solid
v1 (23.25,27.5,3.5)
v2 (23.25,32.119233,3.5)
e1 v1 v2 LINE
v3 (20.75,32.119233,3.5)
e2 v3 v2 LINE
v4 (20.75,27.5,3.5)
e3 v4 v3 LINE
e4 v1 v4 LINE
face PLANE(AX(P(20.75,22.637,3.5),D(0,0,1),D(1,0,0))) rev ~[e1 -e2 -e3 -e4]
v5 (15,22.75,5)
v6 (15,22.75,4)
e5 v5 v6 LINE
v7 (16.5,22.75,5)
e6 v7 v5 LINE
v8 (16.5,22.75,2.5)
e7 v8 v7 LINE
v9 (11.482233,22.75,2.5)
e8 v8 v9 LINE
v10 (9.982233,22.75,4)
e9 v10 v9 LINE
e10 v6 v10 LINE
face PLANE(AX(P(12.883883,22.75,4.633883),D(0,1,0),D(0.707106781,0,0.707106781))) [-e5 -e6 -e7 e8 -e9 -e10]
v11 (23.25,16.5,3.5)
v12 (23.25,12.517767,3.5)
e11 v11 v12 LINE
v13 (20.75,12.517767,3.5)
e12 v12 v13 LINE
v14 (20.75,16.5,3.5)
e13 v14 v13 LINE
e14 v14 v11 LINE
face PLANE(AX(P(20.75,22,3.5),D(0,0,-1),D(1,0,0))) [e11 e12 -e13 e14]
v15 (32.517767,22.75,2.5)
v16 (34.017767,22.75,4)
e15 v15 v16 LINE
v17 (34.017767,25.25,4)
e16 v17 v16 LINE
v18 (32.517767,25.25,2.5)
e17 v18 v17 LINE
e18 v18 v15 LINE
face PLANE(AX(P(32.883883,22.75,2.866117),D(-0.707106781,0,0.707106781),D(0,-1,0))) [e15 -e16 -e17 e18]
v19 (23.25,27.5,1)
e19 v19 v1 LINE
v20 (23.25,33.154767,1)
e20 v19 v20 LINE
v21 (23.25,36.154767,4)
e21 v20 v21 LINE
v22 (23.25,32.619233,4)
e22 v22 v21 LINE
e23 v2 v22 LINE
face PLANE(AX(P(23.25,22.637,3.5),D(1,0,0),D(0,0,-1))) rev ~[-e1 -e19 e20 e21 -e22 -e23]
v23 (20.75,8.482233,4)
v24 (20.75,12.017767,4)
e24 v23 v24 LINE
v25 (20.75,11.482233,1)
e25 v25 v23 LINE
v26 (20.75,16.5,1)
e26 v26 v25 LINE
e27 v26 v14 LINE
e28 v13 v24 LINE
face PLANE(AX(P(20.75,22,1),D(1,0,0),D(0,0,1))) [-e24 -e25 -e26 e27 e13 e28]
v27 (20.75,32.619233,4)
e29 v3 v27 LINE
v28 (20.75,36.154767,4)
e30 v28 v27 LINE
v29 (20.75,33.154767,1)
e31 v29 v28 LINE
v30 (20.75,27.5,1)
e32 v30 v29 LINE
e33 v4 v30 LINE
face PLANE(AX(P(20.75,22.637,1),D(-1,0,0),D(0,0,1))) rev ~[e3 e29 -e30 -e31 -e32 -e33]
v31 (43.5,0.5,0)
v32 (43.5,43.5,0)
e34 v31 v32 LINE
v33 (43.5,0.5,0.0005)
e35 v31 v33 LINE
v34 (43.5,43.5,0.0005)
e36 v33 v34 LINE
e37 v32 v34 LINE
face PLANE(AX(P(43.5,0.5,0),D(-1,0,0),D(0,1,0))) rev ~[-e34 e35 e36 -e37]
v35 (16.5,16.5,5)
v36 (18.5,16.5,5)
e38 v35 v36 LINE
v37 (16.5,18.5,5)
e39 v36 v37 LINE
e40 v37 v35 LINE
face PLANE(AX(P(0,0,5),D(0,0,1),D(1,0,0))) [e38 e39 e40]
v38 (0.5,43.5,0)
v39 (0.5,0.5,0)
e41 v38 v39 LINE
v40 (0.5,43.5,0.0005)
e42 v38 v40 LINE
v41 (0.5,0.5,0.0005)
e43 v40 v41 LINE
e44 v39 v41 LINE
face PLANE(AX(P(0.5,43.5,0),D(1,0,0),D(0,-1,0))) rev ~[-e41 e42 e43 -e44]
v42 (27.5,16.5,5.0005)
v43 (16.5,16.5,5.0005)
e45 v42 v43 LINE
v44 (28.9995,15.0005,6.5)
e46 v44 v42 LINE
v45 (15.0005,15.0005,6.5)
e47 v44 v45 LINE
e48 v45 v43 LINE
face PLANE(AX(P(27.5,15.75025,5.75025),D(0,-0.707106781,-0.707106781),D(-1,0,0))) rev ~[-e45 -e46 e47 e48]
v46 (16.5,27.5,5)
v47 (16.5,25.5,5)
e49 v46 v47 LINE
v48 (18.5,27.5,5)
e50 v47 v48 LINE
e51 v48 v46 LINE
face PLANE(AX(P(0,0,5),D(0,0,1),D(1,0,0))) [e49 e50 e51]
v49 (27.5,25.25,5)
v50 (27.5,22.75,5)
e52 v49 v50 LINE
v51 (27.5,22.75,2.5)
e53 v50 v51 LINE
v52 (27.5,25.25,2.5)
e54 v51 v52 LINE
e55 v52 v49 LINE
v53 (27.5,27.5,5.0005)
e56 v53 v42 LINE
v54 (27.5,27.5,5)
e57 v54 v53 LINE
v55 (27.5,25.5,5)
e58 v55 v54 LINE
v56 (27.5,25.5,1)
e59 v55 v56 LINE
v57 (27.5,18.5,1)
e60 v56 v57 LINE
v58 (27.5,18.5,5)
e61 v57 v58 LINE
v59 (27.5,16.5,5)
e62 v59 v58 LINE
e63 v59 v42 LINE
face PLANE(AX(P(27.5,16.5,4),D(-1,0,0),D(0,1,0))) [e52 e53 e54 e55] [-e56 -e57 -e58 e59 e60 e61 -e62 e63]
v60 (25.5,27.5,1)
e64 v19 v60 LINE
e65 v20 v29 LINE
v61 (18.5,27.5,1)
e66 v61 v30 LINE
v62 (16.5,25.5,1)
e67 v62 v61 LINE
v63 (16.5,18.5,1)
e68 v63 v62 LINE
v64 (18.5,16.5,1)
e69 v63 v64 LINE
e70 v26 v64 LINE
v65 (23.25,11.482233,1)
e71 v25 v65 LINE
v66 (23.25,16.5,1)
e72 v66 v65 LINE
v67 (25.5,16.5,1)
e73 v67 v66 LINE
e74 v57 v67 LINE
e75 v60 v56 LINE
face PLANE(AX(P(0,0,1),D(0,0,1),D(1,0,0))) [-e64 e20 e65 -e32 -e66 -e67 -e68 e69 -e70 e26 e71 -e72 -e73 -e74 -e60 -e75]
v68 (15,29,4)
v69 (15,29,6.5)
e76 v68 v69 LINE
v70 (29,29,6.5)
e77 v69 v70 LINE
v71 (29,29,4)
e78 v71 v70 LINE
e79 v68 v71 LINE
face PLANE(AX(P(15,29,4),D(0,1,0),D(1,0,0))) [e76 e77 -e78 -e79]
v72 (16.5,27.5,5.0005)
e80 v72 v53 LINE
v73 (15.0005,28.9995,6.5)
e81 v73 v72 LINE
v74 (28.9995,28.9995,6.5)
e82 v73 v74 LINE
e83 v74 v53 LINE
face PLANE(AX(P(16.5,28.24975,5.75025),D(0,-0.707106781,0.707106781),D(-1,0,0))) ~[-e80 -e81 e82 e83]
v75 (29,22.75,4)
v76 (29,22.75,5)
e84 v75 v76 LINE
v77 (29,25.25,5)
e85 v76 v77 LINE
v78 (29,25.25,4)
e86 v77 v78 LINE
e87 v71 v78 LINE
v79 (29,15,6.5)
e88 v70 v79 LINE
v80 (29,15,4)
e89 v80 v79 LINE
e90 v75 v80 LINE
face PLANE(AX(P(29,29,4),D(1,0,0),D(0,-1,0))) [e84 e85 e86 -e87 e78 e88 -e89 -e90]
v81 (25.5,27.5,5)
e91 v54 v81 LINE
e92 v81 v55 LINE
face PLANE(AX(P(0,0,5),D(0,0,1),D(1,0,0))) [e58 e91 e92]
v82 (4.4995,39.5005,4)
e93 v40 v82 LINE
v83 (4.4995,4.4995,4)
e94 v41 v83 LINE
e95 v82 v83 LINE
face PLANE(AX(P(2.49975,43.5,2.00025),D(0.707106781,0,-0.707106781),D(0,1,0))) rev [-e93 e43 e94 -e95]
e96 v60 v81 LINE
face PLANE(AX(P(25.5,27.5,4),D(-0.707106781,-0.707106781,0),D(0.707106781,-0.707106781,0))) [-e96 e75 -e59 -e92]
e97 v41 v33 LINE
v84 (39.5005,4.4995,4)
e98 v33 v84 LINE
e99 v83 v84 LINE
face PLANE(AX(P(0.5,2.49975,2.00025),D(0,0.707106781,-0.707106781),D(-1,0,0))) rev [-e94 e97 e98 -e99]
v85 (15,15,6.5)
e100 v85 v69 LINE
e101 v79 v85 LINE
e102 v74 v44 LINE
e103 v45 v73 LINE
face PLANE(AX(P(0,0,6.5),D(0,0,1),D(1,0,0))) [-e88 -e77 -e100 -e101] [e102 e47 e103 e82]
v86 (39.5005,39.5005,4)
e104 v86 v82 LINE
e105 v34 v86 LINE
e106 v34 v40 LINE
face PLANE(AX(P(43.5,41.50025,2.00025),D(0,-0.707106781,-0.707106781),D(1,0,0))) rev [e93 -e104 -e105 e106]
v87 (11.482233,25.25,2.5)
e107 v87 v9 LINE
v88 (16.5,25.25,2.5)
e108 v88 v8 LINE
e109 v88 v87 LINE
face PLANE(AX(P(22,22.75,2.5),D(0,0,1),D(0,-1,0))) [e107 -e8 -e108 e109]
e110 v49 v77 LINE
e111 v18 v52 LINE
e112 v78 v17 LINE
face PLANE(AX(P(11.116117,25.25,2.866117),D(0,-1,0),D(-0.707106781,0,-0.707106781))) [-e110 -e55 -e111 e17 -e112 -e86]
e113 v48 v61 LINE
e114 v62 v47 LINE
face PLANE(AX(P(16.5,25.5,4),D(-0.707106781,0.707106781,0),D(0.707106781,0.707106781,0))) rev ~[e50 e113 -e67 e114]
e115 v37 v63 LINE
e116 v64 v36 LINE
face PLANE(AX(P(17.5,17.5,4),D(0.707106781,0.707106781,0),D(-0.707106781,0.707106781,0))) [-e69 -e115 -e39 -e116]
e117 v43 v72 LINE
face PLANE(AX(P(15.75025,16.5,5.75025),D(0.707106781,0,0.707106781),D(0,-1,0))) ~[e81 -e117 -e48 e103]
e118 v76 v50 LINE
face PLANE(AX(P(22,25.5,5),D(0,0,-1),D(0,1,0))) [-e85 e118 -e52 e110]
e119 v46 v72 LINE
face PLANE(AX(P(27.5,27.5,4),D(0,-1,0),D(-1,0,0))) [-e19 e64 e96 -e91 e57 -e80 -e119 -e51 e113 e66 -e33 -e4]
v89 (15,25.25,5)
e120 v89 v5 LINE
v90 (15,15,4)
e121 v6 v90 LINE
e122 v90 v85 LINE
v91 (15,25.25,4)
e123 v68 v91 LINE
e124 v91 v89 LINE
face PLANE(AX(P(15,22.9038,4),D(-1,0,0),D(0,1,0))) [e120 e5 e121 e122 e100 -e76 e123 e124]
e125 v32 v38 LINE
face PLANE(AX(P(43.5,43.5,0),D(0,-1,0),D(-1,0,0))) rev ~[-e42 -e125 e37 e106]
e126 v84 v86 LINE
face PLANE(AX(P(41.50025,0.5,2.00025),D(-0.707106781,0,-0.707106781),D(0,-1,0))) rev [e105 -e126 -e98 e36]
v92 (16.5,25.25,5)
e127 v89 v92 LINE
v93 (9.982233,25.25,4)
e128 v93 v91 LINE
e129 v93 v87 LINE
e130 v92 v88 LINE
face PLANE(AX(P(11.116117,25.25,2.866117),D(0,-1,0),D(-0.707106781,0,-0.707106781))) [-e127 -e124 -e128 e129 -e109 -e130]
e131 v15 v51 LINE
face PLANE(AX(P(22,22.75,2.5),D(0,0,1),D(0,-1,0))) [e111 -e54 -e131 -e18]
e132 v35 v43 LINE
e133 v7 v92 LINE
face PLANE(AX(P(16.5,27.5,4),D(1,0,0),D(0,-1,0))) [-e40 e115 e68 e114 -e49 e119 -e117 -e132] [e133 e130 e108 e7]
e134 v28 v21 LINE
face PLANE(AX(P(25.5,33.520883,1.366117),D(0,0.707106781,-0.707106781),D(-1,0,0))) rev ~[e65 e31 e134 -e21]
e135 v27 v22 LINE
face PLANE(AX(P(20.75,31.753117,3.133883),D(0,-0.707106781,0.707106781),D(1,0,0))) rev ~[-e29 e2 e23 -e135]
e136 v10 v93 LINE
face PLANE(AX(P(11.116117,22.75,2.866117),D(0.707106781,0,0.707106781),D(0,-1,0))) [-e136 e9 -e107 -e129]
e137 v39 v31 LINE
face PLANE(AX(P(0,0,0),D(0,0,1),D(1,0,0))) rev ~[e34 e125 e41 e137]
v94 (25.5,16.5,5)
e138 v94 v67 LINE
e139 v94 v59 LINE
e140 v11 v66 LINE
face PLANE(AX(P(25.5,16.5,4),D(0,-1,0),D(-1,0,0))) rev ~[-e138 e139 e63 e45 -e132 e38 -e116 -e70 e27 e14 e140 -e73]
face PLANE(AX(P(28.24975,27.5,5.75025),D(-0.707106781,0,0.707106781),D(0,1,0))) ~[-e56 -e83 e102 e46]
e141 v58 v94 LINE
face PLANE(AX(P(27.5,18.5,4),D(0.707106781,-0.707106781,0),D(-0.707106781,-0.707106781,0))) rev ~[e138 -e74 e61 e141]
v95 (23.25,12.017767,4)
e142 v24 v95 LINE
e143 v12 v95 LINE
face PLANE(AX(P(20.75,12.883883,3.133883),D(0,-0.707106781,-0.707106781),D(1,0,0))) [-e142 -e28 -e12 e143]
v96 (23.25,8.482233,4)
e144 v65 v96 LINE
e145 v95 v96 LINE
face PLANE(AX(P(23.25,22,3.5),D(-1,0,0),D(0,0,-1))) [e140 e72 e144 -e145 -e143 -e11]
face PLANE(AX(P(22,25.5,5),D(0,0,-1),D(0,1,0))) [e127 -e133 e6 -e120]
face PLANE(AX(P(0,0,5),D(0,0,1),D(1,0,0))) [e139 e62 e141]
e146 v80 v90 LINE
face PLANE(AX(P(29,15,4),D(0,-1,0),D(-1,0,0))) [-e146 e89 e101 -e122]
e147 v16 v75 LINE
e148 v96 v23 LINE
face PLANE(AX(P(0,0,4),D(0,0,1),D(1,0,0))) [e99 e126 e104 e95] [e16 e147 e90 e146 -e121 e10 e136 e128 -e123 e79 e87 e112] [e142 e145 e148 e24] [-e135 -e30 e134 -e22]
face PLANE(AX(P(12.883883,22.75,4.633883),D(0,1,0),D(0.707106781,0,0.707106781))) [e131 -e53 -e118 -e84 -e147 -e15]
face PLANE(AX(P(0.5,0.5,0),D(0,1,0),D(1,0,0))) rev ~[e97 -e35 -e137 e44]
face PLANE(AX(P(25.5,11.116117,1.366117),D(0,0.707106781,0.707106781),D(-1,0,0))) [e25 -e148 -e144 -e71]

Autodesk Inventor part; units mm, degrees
ref_plane "YZ Plane" through (0, 0, 0) normal (1, 0, 0) x (0, 1, 0)
ref_plane "XZ Plane" through (0, 0, 0) normal (0, 1, 0) x (-1, 0, 0)
sketch "Sketch1" plane through (0, 0, 0) normal (0, 0, 1) x (1, 0, 0)
  line L0 (0, 0) -> (44, 0)
  line L1 (44, 0) -> (44, 44)
  line L2 (44, 44) -> (0, 44)
  line L3 (0, 44) -> (0, 0)
  line L4 (0, 0) -> (0.5, 0)
  line L5 (0.5, 0) -> (0.5, 0.5)
  line L6 (0.5, 0.5) -> (43.5, 0.5)
  line L7 (43.5, 0.5) -> (43.5, 43.5)
  line L8 (43.5, 43.5) -> (0.5, 43.5)
  line L9 (0.5, 43.5) -> (0.5, 0.5)
  dimension "d0" = 44
  dimension "d1" = 44
  dimension "d103" = 0.5
  dimension "d104" = 0.5
  dimension "d105" = 43
  dimension "d106" = 43
extrude "Extrusion1" add sketch "Sketch1" along normal blind 4 contours L9 L8 L7 L6
chamfer "Chamfer1" distance 4 angle 45 4 edges at (43.5, 22, 4) (22, 0.5, 4) (0.5, 22, 4) (22, 43.5, 4)
sketch "Sketch2" plane through (0, 0, 4) normal (0, 0, 1) x (1, 0, 0)
  line L0 (4, 4) -> (40, 40)
  line L1 (22, 16.5) -> (16.5, 16.5)
  line L2 (16.5, 16.5) -> (16.5, 27.5)
  line L3 (16.5, 27.5) -> (27.5, 27.5)
  line L4 (27.5, 27.5) -> (27.5, 16.5)
  line L5 (27.5, 16.5) -> (22, 16.5)
  line L6 (27.5, 27.5) -> (27.5, 25.5)
  arc A0 (18.5, 27.5) -> (16.5, 25.5) centre (18.5, 25.5) ccw
  line L7 (18.5, 25.5) -> (18.5, 18.5)
  line L8 (18.5, 18.5) -> (25.5, 18.5)
  line L9 (25.5, 18.5) -> (25.5, 25.5)
  arc A1 (16.5, 18.5) -> (18.5, 16.5) centre (18.5, 18.5) ccw
  arc A2 (25.5, 16.5) -> (27.5, 18.5) centre (25.5, 18.5) ccw
  arc A3 (27.5, 25.5) -> (25.5, 27.5) centre (25.5, 25.5) ccw
  line L10 (27.5, 18.5) -> (25.5, 16.5)
  line L11 (18.5, 16.5) -> (16.5, 18.5)
  line L12 (16.5, 25.5) -> (18.5, 27.5)
  line L13 (25.5, 27.5) -> (27.5, 25.5)
  point P0 (0, 0)
  dimension "d86" = 2
extrude "Extrusion2" cut sketch "Sketch2" against normal blind 3 contours L0 L11 L2 L12 L3 L13 | L8 L9 L0 L13 L4 L10 L5 L1 L11 | L0 L9 L8
ref_plane "Work Plane4" through (27.5, 27.5, 4) normal (0.7071, -0.7071, 0) x (0, 0, 1)
sketch "Sketch15" plane through (0, 0, 4) normal (0, 0, 1) x (1, 0, 0)
  line L0 (18.5, 16.5) -> (16.5, 18.5) projected
  line L1 (16.5, 18.5) -> (16.5, 25.5) projected
  line L2 (16.5, 25.5) -> (18.5, 27.5) projected
  line L3 (18.5, 27.5) -> (25.5, 27.5) projected
  line L4 (25.5, 27.5) -> (27.5, 25.5) projected
  line L5 (27.5, 25.5) -> (27.5, 18.5) projected
  line L6 (27.5, 18.5) -> (25.5, 16.5) projected
  line L7 (25.5, 16.5) -> (18.5, 16.5) projected
  line L8 (16.5, 18.5) -> (16.5, 25.5) projected
  line L9 (15, 22.9038) -> (15, 29)
  line L10 (15, 29) -> (29, 29)
  line L11 (29, 29) -> (29, 15)
  line L12 (29, 15) -> (15, 15)
  line L13 (15, 15) -> (15, 29)
  line L14 (16.5, 18.5) -> (16.5, 16.5)
  line L15 (16.5, 16.5) -> (18.5, 16.5)
  line L16 (25.5, 16.5) -> (27.5, 16.5)
  line L17 (27.5, 16.5) -> (27.5, 18.5)
  line L18 (27.5, 25.5) -> (27.5, 27.5)
  line L19 (25.5, 27.5) -> (27.5, 25.5) projected
  line L20 (27.5, 27.5) -> (25.5, 27.5)
  line L21 (18.5, 27.5) -> (16.5, 27.5)
  line L22 (16.5, 27.5) -> (16.5, 25.5)
  point P0 (0, 0)
extrude "Extrusion7" add sketch "Sketch15" along normal blind 2.5
chamfer "Chamfer6" distance 1.5 angle 45 4 edges at (22, 16.5, 6.5) (16.5, 22, 6.5) (27.5, 22, 6.5) (22, 27.5, 6.5)
sketch "Sketch16" plane through (0, 0, 4) normal (0, 0, 1) x (1, 0, 0)
  line L0 (16.5, 18.5) -> (16.5, 16.5) projected
  line L1 (16.5, 16.5) -> (18.5, 16.5) projected
  line L2 (18.5, 16.5) -> (16.5, 18.5) projected
  line L3 (27.5, 16.5) -> (27.5, 18.5) projected
  line L4 (27.5, 18.5) -> (25.5, 16.5) projected
  line L5 (25.5, 16.5) -> (27.5, 16.5) projected
  line L6 (25.5, 27.5) -> (27.5, 25.5) projected
  line L7 (27.5, 27.5) -> (25.5, 27.5) projected
  line L8 (25.5, 27.5) -> (27.5, 25.5) projected
  line L9 (27.5, 25.5) -> (27.5, 27.5) projected
  line L10 (18.5, 27.5) -> (16.5, 27.5) projected
  line L11 (16.5, 27.5) -> (16.5, 25.5) projected
  line L12 (16.5, 25.5) -> (18.5, 27.5) projected
  point P0 (0, 0)
extrude "Extrusion8" add sketch "Sketch16" along normal blind 1
ref_plane "Work Plane6" through (22, 18.5, 1) normal (-1, 0, 0) x (0, 0, 1)
ref_plane "Work Plane7" through (18.5, 22, 1) normal (0, 1, 0) x (1, 0, 0)
sketch "Sketch17" plane through (18.5, 22, 1) normal (0, 1, 0) x (1, 0, 0)
  line L0 (7, -4) -> (7, 0) projected
  line L1 (7, 0) -> (0, 0) projected
  line L2 (0, -4) -> (0, 0) projected
  line L3 (7, -4) -> (0, -4) projected
  line L4 (3.5, 0) -> (2.25, 0)
  line L5 (2.25, 0) -> (2.25, -2.5)
  line L6 (2.25, -2.5) -> (4.75, -2.5)
  line L7 (4.75, -2.5) -> (4.75, 0)
  point P0 (-18.5, 1)
  dimension "d109" = 1.25
  dimension "d110" = 2.5
  dimension "d111" = 2.5
sketch "Sketch18" plane through (22, 18.5, 1) normal (-1, 0, 0) x (0, 0, 1)
  line L0 (4, 7) -> (0, 7) projected
  line L1 (0, 7) -> (0, 0) projected
  line L2 (4, 0) -> (0, 0) projected
  line L3 (4, 7) -> (4, 0) projected
  line L4 (0, 3.5) -> (1.25, 3.5)
  line L5 (1.25, 3.5) -> (1.25, -6.5)
  line L6 (1.25, -6.5) -> (6.9224, -12.1724)
  line L7 (1.25, 3.5) -> (1.25, 4.137)
  line L8 (1.25, 4.137) -> (1.25, 14.137)
  line L9 (1.25, 14.137) -> (10.5582, 23.4452)
  point P0 (-1, -18.5)
  dimension "d113" = 10
  dimension "d114" = 135
sweep "Sweep4" cut profiles "Sketch17" path "Sketch18" path curves L5 L6 contours L7 L6 L5 L1
sweep "Sweep5" cut profiles "Sketch17" path "Sketch18" path curves L7 L8 L9 contours L7 L6 L5 L1
ref_plane "Work Plane8" through (18.5, 24, 1) normal (0, 1, 0) x (1, 0, 0)
sketch "Sketch19" plane through (22, 18.5, 1) normal (-1, 0, 0) x (0, 0, 1)
  line L0 (-2.3, 5.5) -> (6.8, 5.5) projected
  line L1 (4, 7) -> (0, 7) projected
  line L2 (0, 7) -> (0, 0) projected
  line L3 (4, 0) -> (0, 0) projected
  line L4 (4, 7) -> (4, 0) projected
  line L5 (4, 0) -> (4, 7) projected
  line L6 (4, 5.5) -> (4, 4.25)
  line L7 (4, 4.25) -> (1.5, 4.25)
  line L8 (1.5, 4.25) -> (1.5, 6.75)
  line L9 (1.5, 6.75) -> (4, 6.75)
  line L10 (4, 6.75) -> (4, 4.25)
  point P0 (-1, -18.5)
  dimension "d127" = 1.25
  dimension "d128" = 2.5
  dimension "d129" = 2.5
sketch "Sketch20" plane through (18.5, 24, 1) normal (0, 1, 0) x (1, 0, 0)
  line L0 (3.5, 2.3) -> (3.5, -6.8) projected
  line L1 (3.5, -4) -> (3.5, -2.75)
  line L2 (3.5, -2.75) -> (-6.5, -2.75)
  line L3 (-6.5, -2.75) -> (-11.0554, -7.3054)
  line L4 (3.5, -2.75) -> (13.5, -2.75)
  line L5 (13.5, -2.75) -> (17.1075, -6.3575)
  point P0 (-18.5, 1)
  point P1 (3.5, -4)
  dimension "d130" = 1.25
  dimension "d131" = 10
  dimension "d132" = 135
  dimension "d134" = 10
sweep "Sweep6" cut profiles "Sketch19" path "Sketch20" path curves L5 L4 L2 L3 contours L8 L9 L4 L0 | L0 L4 L7 L8
properties part number "clear-square-reed-2"
